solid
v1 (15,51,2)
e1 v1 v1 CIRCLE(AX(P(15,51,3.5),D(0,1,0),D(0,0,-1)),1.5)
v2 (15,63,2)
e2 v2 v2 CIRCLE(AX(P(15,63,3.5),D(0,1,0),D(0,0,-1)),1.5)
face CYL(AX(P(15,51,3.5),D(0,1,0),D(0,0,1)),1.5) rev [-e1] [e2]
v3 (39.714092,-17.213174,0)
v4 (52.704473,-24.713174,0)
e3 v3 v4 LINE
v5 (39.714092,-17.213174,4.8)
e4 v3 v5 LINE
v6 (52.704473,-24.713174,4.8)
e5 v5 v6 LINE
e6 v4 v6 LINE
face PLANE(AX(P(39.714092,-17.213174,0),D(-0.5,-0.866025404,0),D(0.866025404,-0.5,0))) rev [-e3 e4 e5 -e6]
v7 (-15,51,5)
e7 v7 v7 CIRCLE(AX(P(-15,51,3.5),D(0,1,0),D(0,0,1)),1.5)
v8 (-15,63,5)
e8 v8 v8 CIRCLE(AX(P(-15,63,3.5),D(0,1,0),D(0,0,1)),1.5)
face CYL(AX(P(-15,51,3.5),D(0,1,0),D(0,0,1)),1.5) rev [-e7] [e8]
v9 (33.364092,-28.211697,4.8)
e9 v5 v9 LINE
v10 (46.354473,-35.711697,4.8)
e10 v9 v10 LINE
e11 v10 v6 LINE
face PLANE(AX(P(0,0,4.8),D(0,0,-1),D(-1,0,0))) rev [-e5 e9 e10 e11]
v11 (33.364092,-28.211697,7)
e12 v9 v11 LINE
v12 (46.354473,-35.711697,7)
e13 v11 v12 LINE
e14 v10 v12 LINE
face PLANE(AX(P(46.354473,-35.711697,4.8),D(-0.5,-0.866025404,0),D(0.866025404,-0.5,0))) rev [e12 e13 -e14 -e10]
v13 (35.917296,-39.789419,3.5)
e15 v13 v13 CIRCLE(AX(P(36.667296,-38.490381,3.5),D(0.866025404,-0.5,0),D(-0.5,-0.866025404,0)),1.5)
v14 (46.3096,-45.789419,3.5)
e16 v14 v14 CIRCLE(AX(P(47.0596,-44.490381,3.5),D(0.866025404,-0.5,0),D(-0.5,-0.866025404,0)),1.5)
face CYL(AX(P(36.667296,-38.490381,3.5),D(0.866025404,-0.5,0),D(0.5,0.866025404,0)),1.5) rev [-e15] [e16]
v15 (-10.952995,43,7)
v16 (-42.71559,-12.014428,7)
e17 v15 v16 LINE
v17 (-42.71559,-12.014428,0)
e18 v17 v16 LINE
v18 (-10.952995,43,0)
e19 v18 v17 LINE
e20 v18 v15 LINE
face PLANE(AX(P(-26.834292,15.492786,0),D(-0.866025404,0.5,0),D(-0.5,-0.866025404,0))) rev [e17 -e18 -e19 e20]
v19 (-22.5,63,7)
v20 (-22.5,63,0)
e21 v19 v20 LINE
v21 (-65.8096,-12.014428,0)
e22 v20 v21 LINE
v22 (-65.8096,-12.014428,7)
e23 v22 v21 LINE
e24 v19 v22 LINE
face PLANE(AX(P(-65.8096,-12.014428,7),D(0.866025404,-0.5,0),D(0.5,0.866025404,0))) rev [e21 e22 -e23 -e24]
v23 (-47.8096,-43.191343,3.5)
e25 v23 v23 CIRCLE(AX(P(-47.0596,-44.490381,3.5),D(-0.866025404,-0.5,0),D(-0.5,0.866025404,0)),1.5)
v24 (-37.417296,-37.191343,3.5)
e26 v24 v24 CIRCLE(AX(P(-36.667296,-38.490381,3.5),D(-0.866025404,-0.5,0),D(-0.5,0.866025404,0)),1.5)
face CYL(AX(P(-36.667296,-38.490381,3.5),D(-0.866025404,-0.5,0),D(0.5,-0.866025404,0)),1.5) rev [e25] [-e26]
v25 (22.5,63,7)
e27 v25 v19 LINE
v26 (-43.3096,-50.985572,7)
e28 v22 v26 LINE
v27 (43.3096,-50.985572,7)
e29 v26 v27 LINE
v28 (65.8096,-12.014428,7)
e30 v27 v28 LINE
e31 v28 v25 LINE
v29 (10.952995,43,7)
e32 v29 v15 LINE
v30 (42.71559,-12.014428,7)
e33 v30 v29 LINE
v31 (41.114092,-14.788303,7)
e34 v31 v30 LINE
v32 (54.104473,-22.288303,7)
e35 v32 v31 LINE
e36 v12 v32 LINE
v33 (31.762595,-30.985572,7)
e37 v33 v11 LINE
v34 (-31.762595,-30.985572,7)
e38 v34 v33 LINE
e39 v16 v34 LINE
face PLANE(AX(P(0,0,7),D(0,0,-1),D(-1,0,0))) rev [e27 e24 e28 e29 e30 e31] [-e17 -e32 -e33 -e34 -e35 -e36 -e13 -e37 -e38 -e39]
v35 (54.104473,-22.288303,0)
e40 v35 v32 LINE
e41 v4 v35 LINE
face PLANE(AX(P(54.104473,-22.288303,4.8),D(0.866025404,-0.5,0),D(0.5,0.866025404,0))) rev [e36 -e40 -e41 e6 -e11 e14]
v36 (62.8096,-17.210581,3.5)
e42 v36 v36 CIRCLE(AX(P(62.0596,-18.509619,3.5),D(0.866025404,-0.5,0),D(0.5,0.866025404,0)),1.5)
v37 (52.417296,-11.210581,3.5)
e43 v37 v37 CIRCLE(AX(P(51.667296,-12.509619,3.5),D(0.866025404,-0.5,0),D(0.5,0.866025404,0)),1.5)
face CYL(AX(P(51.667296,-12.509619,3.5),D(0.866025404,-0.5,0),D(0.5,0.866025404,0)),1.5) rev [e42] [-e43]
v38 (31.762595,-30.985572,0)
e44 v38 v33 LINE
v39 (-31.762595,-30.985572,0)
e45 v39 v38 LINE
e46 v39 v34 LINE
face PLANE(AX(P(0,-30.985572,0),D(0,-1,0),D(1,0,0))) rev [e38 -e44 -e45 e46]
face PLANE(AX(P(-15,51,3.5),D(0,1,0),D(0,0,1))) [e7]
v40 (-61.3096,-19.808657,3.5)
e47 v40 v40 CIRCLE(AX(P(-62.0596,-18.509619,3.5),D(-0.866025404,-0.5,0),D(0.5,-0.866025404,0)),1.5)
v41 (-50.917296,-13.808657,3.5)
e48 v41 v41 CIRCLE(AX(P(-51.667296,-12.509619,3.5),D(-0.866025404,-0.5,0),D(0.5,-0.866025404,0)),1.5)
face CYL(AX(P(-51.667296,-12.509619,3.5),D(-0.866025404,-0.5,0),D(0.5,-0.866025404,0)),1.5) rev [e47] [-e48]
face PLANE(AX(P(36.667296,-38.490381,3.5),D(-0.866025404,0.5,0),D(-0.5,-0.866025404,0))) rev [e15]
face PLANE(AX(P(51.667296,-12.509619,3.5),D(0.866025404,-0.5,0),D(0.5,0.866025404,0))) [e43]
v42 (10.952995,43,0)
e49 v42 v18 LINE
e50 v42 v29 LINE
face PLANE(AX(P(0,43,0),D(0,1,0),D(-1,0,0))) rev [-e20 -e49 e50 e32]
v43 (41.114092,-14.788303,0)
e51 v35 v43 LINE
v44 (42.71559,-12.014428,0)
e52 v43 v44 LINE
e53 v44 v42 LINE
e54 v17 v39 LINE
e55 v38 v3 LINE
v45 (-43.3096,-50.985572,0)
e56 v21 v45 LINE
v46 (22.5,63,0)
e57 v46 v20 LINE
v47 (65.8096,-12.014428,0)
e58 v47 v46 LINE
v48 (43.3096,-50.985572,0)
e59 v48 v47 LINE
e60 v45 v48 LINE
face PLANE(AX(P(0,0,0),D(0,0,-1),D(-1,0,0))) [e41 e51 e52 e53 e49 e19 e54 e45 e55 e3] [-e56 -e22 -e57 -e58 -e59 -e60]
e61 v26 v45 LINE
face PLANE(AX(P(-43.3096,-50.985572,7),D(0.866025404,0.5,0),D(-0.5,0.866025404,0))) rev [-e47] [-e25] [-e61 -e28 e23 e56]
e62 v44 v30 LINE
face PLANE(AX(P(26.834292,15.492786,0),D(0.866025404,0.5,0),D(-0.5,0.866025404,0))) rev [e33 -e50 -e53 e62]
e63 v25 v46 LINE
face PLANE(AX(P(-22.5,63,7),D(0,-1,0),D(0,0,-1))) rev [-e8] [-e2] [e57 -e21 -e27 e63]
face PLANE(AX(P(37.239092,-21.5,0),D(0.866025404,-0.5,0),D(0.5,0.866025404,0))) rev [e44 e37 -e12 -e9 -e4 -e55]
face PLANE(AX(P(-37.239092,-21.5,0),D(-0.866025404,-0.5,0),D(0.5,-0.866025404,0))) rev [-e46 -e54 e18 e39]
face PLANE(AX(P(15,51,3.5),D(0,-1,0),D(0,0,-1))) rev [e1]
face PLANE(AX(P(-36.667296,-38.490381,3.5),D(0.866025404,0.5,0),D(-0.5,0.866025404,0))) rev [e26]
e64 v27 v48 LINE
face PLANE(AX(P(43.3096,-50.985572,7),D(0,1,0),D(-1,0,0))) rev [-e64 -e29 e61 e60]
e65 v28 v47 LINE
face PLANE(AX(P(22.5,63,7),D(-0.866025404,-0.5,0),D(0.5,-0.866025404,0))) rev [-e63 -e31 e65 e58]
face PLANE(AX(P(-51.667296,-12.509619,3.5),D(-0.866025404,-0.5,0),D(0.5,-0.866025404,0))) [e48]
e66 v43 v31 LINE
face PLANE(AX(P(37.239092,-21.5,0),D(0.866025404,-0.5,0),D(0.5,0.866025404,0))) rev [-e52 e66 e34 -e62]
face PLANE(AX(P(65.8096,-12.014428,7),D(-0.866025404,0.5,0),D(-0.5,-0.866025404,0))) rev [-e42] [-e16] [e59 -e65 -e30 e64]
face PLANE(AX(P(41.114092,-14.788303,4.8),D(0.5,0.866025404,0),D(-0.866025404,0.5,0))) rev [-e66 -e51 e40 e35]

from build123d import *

# Parameters (mm, degrees)
EXTRUDE_1_DEPTH     = 7
SKETCH_12_R         = 1.5
CUT_EXTRUDE_1_DEPTH = 12
SKETCH_13_R         = 1.5
CUT_EXTRUDE_2_DEPTH = 12
SKETCH_14_R         = 1.5
CUT_EXTRUDE_3_DEPTH = 12
CUT_EXTRUDE_4_DEPTH = 8
CUT_EXTRUDE_5_DEPTH = 2.2
CUT_EXTRUDE_6_DEPTH = 5.8


with BuildPart() as part:
    # 草圖1 → 填料-伸長1 (new body)
    with BuildSketch(Plane.XY):
        Polygon((-22.5, 63), (22.5, 63), (65.809600438, -12.014428415), (43.309600438, -50.985571585), (-43.309600438, -50.985571585), (-65.809600438, -12.014428415), align=None)
    extrude(amount=EXTRUDE_1_DEPTH)

    # 草圖12 → 除料-伸長1 (cut)
    with BuildSketch(Plane(origin=(-54.559600438, -31.5, 0), x_dir=(0, 0, 1), z_dir=(-0.866025404, -0.5, 0))):
        with Locations((3.5, 15)):
            Circle(SKETCH_12_R)
        with Locations((3.5, -15)):
            Circle(SKETCH_12_R)
    extrude(amount=-CUT_EXTRUDE_1_DEPTH, mode=Mode.SUBTRACT)

    # 草圖13 → 除料-伸長2 (cut)
    with BuildSketch(Plane(origin=(54.559600438, -31.5, 0), x_dir=(0, 0, -1), z_dir=(0.866025404, -0.5, 0))):
        with Locations((-3.5, 15)):
            Circle(SKETCH_13_R)
        with Locations((-3.5, -15)):
            Circle(SKETCH_13_R)
    extrude(amount=-CUT_EXTRUDE_2_DEPTH, mode=Mode.SUBTRACT)

    # 草圖14 → 除料-伸長3 (cut)
    with BuildSketch(Plane(origin=(0, 63, 0), x_dir=(1, 0, 0), z_dir=(0, 1, 0))):
        with Locations((-15, -3.5)):
            Circle(SKETCH_14_R)
        with Locations((15, -3.5)):
            Circle(SKETCH_14_R)
    extrude(amount=-CUT_EXTRUDE_3_DEPTH, mode=Mode.SUBTRACT)

    # 草圖15 → 除料-伸長4 (cut, through all)
    with BuildSketch(Plane.XY.offset(7)):
        Polygon((31.762595055, -30.985571585), (42.715589671, -12.014428415), (10.952994616, 43), (-10.952994616, 43), (-42.715589671, -12.014428415), (-31.762595055, -30.985571585), align=None)
    extrude(amount=-CUT_EXTRUDE_4_DEPTH, mode=Mode.SUBTRACT)

    # 草圖16 → 除料-伸長5 (cut)
    with BuildSketch(Plane.XY.offset(7)):
        Polygon((41.114092363, -14.788303121), (54.104473419, -22.288303121), (46.354473419, -35.711696879), (33.364092363, -28.211696879), align=None)
    extrude(amount=-CUT_EXTRUDE_5_DEPTH, mode=Mode.SUBTRACT)

    # 草圖17 → 除料-伸長6 (cut, through all)
    with BuildSketch(Plane.XY.offset(4.8)):
        Polygon((41.114092363, -14.788303121), (39.714092363, -17.213174251), (52.704473419, -24.713174251), (54.104473419, -22.288303121), align=None)
    extrude(amount=-CUT_EXTRUDE_6_DEPTH, mode=Mode.SUBTRACT)


solid = part.part
